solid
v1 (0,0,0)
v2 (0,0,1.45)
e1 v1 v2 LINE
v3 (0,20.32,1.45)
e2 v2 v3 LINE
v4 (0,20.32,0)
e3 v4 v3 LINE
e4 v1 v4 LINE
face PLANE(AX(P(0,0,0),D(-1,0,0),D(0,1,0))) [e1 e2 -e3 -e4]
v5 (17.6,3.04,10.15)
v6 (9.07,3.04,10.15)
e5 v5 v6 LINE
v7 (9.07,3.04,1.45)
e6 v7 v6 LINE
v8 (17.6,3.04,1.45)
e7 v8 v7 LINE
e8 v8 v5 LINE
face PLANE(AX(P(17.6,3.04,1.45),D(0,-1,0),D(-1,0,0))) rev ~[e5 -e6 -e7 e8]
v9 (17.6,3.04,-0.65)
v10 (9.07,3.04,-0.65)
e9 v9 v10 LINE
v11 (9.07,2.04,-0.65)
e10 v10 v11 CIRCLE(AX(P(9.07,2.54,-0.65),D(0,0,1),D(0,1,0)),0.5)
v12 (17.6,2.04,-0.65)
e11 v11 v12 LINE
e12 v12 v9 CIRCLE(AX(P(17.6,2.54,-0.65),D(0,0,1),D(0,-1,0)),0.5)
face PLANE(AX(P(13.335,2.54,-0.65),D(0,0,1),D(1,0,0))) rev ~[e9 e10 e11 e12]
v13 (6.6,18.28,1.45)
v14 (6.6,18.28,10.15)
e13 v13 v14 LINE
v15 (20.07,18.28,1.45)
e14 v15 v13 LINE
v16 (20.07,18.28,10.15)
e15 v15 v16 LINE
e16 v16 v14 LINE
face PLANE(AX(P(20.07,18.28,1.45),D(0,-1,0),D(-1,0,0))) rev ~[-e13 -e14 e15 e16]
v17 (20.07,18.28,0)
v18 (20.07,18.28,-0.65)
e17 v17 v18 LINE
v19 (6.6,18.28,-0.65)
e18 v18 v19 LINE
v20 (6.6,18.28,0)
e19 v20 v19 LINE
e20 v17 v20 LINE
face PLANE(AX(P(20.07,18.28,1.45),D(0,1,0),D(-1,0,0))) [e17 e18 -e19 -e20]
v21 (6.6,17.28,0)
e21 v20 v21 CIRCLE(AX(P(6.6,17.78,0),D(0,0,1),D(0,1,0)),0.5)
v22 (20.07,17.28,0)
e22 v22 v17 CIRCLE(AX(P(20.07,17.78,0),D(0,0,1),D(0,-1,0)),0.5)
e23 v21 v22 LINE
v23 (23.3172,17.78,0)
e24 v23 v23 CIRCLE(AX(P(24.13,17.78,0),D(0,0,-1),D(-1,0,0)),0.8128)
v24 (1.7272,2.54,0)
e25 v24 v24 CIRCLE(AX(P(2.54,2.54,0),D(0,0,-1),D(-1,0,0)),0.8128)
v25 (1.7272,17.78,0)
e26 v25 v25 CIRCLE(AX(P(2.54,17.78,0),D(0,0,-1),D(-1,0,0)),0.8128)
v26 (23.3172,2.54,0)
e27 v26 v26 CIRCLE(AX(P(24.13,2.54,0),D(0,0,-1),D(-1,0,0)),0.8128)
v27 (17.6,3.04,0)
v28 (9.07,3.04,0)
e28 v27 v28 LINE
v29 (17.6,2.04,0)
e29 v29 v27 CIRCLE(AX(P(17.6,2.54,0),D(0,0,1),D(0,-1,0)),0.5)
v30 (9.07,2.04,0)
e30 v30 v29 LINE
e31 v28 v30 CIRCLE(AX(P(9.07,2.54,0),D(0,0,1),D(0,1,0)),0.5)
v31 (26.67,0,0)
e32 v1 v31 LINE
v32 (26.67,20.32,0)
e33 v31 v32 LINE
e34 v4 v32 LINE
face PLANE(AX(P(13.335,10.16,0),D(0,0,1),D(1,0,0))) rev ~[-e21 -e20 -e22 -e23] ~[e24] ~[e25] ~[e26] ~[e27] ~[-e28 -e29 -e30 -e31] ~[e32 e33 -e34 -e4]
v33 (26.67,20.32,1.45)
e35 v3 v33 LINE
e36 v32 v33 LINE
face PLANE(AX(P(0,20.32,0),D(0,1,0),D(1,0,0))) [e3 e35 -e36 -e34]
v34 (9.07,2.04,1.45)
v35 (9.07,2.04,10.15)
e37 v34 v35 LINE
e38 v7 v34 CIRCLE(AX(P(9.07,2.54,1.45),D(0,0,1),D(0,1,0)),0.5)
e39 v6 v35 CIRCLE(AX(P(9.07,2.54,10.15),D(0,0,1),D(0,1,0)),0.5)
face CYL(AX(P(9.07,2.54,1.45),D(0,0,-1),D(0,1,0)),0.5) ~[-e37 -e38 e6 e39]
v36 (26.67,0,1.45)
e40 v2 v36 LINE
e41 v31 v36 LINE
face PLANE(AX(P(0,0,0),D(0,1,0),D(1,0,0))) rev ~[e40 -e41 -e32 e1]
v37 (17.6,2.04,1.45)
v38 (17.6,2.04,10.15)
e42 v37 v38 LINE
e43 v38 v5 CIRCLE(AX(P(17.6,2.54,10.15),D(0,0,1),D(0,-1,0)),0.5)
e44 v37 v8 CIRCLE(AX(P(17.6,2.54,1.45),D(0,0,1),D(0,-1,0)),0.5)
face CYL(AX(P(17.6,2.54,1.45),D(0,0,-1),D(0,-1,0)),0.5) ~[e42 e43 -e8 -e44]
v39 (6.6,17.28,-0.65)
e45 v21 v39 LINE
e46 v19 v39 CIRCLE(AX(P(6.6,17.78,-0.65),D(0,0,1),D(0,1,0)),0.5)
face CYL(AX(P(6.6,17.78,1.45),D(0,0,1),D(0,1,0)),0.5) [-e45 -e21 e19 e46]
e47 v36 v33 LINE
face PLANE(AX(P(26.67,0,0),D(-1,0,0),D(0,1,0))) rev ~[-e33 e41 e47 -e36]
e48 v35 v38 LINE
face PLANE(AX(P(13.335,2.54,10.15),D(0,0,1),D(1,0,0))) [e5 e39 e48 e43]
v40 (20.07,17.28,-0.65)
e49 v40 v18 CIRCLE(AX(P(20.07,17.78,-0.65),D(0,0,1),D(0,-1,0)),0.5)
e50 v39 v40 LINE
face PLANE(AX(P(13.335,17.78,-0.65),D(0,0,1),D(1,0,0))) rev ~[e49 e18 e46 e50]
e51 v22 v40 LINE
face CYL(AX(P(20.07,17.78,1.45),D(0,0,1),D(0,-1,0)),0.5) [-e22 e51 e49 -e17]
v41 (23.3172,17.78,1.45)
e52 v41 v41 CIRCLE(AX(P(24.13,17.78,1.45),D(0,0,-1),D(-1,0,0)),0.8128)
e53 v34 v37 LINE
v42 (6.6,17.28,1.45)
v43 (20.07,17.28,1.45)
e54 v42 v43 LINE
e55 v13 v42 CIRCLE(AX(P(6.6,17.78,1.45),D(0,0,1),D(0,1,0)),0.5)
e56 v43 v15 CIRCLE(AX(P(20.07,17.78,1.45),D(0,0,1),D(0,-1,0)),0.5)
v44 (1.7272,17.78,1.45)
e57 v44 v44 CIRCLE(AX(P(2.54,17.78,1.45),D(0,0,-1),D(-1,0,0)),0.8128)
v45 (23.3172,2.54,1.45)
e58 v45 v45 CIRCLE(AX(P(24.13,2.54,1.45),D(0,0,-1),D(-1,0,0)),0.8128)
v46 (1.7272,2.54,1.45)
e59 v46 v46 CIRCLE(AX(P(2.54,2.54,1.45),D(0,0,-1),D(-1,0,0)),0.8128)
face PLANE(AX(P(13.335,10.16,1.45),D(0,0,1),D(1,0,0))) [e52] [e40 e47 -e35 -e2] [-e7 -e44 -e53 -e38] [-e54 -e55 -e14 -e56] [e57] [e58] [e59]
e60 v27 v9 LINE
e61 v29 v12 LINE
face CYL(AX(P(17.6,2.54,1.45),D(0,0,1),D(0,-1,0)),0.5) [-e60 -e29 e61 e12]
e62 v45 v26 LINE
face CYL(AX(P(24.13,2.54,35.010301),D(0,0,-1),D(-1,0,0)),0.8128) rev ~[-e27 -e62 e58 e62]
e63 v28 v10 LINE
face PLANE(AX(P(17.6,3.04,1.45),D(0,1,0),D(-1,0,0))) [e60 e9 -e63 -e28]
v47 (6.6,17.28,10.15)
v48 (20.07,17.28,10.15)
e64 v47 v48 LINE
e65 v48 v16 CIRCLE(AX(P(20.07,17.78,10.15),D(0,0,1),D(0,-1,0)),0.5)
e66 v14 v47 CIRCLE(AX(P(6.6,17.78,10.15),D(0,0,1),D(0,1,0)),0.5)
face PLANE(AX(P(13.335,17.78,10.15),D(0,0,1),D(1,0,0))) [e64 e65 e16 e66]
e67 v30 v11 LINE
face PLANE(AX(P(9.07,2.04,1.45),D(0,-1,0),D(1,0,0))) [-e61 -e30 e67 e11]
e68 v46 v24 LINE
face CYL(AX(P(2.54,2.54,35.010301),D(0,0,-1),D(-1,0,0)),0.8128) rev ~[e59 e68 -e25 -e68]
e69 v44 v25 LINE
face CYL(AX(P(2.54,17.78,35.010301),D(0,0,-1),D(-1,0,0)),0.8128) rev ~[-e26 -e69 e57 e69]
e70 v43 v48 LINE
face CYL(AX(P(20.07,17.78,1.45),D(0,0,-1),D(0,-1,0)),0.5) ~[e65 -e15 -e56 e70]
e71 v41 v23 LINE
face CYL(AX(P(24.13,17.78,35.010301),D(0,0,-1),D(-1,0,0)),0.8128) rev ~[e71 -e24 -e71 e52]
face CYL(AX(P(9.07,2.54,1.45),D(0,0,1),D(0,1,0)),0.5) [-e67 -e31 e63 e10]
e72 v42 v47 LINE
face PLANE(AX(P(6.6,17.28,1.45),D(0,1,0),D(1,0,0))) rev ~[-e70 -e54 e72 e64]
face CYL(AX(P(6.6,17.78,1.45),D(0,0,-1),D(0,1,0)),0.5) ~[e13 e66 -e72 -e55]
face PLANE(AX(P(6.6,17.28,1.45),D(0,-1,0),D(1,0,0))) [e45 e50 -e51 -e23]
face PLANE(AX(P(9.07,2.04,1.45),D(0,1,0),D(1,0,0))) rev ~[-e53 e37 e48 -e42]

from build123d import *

# Parameters (mm, degrees)
F0_W     = 26.67
F0_H     = 20.32
F1_DEPTH = 1.45
F3_D     = 1.6256
F5_DEPTH = 8.7
F6_DEPTH = 2.1


with BuildPart() as f1:
    # F0 (on Top) → F1 (new body)
    with BuildSketch(Plane.XY):
        with Locations((13.335, 10.16)):
            Rectangle(F0_W, F0_H)
    extrude(amount=F1_DEPTH)

    # F3 (through all)
    with Locations(Plane.XY.offset(1.45)):
        with Locations((2.54, 17.78), (2.54, 2.54), (24.13, 2.54), (24.13, 17.78)):
            Hole(F3_D / 2)

    # F4 (on face) → F5 (join)
    with BuildSketch(Plane.XY.offset(1.45)):
        with BuildLine():
            Line((20.07, 18.28), (6.6, 18.28))
            ThreePointArc((6.6, 18.28), (6.1, 17.78), (6.6, 17.28))
            Line((6.6, 17.28), (20.07, 17.28))
            ThreePointArc((20.07, 17.28), (20.57, 17.78), (20.07, 18.28))
        make_face()
        with BuildLine():
            Line((17.6, 3.04), (9.07, 3.04))
            ThreePointArc((9.07, 3.04), (8.57, 2.54), (9.07, 2.04))
            Line((9.07, 2.04), (17.6, 2.04))
            ThreePointArc((17.6, 2.04), (18.1, 2.54), (17.6, 3.04))
        make_face()
    extrude(amount=F5_DEPTH)

    # F4 (on face) → F6 (join)
    with BuildSketch(Plane.XY.offset(1.45)):
        with BuildLine():
            Line((20.07, 18.28), (6.6, 18.28))
            ThreePointArc((6.6, 18.28), (6.1, 17.78), (6.6, 17.28))
            Line((6.6, 17.28), (20.07, 17.28))
            ThreePointArc((20.07, 17.28), (20.57, 17.78), (20.07, 18.28))
        make_face()
        with BuildLine():
            Line((17.6, 3.04), (9.07, 3.04))
            ThreePointArc((9.07, 3.04), (8.57, 2.54), (9.07, 2.04))
            Line((9.07, 2.04), (17.6, 2.04))
            ThreePointArc((17.6, 2.04), (18.1, 2.54), (17.6, 3.04))
        make_face()
    extrude(amount=-F6_DEPTH)


solid = f1.part
